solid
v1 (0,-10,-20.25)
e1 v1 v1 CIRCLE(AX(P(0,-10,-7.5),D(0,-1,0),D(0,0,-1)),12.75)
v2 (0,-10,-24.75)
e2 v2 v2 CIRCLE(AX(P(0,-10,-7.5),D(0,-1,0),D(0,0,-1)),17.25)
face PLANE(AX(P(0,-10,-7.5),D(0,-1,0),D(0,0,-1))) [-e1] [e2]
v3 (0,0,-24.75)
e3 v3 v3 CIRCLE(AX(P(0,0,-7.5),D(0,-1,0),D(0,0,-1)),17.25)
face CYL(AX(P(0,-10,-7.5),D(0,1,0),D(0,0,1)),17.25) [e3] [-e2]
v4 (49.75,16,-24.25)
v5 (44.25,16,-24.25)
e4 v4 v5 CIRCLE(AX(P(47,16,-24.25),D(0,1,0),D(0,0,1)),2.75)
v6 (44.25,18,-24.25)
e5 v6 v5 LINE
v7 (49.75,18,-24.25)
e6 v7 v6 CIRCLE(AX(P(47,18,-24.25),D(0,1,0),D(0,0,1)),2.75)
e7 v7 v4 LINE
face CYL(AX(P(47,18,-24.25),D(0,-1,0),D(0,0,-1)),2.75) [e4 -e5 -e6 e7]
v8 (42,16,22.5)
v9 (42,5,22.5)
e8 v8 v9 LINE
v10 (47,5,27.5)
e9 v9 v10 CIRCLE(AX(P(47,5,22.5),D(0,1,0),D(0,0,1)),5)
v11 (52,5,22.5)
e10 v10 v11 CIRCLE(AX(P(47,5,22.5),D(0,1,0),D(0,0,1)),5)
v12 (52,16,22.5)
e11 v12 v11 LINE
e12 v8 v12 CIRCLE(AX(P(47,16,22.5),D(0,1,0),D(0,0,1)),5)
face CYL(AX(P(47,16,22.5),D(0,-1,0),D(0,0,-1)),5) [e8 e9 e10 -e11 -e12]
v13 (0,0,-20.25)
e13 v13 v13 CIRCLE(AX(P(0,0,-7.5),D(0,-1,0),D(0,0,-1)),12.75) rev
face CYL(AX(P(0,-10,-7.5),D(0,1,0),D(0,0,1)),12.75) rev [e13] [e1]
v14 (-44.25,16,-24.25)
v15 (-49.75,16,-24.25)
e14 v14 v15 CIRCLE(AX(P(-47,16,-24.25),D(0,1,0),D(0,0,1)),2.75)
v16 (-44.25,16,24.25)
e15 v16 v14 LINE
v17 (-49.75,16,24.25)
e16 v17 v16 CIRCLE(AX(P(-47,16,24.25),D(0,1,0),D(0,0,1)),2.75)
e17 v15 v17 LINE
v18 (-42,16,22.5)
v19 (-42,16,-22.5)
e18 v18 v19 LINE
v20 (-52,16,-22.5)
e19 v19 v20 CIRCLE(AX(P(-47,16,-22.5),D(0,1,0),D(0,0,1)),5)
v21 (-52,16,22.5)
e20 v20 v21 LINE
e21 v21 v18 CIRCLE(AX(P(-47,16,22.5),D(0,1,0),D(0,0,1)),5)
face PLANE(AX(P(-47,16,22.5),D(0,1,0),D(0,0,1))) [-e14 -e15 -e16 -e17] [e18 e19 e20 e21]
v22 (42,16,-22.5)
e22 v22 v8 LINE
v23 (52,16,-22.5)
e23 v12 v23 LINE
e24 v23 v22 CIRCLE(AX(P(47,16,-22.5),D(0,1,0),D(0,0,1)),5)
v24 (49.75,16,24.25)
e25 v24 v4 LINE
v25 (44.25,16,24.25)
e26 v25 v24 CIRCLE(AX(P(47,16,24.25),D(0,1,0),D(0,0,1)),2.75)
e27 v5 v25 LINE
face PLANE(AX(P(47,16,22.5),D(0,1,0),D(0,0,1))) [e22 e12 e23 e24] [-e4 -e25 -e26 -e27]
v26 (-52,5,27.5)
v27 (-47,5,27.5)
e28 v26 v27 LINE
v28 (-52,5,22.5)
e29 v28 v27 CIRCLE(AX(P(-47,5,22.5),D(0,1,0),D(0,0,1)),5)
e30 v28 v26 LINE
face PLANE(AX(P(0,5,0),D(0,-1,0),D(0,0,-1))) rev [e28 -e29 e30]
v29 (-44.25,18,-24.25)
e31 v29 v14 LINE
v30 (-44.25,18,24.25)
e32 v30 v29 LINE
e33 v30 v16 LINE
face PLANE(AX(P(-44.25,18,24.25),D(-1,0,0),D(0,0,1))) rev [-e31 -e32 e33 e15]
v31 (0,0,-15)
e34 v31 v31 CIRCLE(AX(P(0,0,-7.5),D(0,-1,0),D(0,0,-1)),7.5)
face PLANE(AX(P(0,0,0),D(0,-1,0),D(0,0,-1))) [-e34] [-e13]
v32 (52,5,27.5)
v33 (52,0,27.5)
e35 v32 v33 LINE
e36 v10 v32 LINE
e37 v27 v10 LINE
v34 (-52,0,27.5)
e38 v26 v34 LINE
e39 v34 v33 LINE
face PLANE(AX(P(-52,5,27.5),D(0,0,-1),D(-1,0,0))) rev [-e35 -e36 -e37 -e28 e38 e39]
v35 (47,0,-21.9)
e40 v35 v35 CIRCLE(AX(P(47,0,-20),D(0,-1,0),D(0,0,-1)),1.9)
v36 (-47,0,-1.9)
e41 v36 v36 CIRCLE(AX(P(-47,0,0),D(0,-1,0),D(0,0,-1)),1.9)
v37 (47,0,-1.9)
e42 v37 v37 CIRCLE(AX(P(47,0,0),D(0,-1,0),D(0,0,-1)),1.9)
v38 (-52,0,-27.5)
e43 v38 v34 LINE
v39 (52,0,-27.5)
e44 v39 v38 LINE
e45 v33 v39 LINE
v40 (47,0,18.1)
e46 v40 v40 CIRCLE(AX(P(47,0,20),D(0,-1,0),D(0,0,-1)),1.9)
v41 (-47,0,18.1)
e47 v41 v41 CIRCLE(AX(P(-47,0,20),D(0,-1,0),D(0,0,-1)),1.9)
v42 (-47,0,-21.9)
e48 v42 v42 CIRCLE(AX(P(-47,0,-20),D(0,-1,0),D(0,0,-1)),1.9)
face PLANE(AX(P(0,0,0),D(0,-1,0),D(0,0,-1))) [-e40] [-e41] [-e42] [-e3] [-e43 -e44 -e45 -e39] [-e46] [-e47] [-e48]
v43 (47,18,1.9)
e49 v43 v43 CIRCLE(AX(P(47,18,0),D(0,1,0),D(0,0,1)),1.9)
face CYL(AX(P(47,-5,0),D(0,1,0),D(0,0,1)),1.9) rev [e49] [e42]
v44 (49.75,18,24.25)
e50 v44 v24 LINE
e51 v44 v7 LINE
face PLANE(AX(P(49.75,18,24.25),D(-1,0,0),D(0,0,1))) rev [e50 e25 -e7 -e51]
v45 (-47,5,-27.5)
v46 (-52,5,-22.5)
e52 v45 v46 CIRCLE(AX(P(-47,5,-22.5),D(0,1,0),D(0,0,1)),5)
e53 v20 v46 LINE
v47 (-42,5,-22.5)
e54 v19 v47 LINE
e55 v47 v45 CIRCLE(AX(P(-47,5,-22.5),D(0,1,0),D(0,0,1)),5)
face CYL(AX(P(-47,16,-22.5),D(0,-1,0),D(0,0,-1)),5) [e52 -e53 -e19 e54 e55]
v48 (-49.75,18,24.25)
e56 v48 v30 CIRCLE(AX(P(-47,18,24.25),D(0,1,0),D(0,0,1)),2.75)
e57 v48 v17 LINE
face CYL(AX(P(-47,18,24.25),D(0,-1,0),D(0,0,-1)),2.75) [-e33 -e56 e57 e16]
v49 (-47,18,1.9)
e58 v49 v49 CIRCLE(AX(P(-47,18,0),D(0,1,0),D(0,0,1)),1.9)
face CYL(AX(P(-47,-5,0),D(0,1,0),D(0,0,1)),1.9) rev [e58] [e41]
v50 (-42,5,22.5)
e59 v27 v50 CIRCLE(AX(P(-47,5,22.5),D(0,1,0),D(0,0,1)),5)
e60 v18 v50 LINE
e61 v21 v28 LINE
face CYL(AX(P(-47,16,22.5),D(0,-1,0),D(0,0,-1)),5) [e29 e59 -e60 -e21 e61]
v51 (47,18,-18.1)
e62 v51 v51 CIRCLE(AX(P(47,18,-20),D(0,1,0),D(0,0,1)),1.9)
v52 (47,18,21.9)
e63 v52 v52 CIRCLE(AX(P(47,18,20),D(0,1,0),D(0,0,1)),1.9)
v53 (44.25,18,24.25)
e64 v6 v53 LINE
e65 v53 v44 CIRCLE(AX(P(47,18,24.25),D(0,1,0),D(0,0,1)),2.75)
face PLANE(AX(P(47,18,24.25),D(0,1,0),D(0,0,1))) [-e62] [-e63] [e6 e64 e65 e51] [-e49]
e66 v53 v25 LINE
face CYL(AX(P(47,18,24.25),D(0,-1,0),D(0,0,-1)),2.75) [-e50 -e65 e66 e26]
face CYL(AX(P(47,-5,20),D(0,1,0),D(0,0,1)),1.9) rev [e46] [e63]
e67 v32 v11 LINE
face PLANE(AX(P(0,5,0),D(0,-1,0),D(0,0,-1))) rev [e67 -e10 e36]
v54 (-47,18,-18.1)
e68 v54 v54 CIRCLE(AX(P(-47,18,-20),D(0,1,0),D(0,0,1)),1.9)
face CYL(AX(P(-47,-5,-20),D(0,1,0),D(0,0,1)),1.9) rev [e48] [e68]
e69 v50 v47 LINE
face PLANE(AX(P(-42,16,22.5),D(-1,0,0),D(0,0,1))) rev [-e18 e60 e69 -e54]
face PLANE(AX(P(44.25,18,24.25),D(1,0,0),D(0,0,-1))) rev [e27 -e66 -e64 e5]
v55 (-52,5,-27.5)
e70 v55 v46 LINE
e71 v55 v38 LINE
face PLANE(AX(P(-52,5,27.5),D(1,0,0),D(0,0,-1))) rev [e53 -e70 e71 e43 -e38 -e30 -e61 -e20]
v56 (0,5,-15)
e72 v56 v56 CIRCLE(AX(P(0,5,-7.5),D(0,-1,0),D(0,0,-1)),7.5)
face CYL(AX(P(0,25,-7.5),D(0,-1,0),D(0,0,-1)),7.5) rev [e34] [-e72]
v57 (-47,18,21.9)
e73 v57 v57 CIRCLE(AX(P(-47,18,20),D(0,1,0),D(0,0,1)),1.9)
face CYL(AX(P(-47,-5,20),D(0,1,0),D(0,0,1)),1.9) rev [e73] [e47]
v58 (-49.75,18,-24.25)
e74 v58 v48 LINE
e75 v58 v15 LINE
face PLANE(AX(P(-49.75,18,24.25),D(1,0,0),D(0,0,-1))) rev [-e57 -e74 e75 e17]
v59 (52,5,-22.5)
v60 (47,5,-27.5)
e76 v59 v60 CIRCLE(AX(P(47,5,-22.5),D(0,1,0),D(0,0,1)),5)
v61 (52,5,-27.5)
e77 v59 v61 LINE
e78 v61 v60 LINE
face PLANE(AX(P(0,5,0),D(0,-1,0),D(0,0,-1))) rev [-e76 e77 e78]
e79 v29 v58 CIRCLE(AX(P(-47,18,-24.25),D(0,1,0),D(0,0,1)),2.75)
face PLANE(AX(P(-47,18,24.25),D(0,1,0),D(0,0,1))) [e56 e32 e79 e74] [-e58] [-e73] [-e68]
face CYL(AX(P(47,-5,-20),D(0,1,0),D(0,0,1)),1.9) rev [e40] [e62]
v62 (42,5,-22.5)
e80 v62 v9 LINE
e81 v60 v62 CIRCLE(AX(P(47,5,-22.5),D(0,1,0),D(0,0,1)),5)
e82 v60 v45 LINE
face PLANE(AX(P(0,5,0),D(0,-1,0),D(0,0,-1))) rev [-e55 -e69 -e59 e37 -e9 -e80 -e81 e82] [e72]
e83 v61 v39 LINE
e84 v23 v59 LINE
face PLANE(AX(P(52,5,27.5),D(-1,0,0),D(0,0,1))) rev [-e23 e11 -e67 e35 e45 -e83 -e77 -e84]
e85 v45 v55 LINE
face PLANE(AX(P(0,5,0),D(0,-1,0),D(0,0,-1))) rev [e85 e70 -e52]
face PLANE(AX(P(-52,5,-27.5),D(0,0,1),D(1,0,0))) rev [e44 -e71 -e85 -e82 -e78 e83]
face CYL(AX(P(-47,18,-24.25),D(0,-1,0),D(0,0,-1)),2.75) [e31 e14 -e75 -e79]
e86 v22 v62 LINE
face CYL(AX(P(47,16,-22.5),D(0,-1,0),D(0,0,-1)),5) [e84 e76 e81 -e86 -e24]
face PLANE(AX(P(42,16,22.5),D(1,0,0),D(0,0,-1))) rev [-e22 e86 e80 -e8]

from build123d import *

# Parameters (mm, degrees)
SKETCH1_W           = 104
SKETCH1_H           = 55
BOSS_EXTRUDE1_DEPTH = 5
BOSS_EXTRUDE2_DEPTH = 11
BOSS_EXTRUDE3_DEPTH = 2
SKETCH4_R           = 1.9
CUT_EXTRUDE1_DEPTH  = 23
SKETCH5_R           = 17.25
SKETCH5_R_2         = 12.75
BOSS_EXTRUDE4_DEPTH = 10
SKETCH7_R           = 7.5
CUT_EXTRUDE2_DEPTH  = 35


with BuildPart() as part:
    # Sketch1 → Boss-Extrude1 (new body)
    with BuildSketch(Plane(origin=(0, 0, 0), x_dir=(1, 0, 0), z_dir=(0, 1, 0))):
        Rectangle(SKETCH1_W, SKETCH1_H)
    extrude(amount=BOSS_EXTRUDE1_DEPTH)

    # Sketch2 → Boss-Extrude2 (add)
    with BuildSketch(Plane(origin=(0, 5, 0), x_dir=(1, 0, 0), z_dir=(0, 1, 0))):
        with BuildLine():
            Line((-52, -22.5), (-52, 22.5))
            ThreePointArc((-52, 22.5), (-47, 27.5), (-42, 22.5))
            Line((-42, 22.5), (-42, -22.5))
            ThreePointArc((-42, -22.5), (-47, -27.5), (-52, -22.5))
        make_face()
        with BuildLine():
            Line((42, -22.5), (42, 22.5))
            ThreePointArc((42, 22.5), (47, 27.5), (52, 22.5))
            Line((52, 22.5), (52, -22.5))
            ThreePointArc((52, -22.5), (47, -27.5), (42, -22.5))
        make_face()
    extrude(amount=BOSS_EXTRUDE2_DEPTH)

    # Sketch3 → Boss-Extrude3 (add)
    with BuildSketch(Plane(origin=(0, 16, 0), x_dir=(1, 0, 0), z_dir=(0, 1, 0))):
        with BuildLine():
            Line((-49.75, -24.25), (-49.75, 24.25))
            ThreePointArc((-49.75, 24.25), (-47, 27), (-44.25, 24.25))
            Line((-44.25, 24.25), (-44.25, -24.25))
            ThreePointArc((-44.25, -24.25), (-47, -27), (-49.75, -24.25))
        make_face()
        with BuildLine():
            Line((44.25, -24.25), (44.25, 24.25))
            ThreePointArc((44.25, 24.25), (47, 27), (49.75, 24.25))
            Line((49.75, 24.25), (49.75, -24.25))
            ThreePointArc((49.75, -24.25), (47, -27), (44.25, -24.25))
        make_face()
    extrude(amount=BOSS_EXTRUDE3_DEPTH)

    # Sketch4 → Cut-Extrude1 (cut)
    with BuildSketch(Plane(origin=(0, 18, 0), x_dir=(1, 0, 0), z_dir=(0, 1, 0))):
        with Locations(Location((-47, 0, 0), (0, 0, 270))):
            Circle(SKETCH4_R)
        with Locations(Location((-47, 20, 0), (0, 0, 270))):
            Circle(SKETCH4_R)
        with Locations(Location((-47, -20, 0), (0, 0, 270))):
            Circle(SKETCH4_R)
        with Locations(Location((47, 0, 0), (0, 0, 270))):
            Circle(SKETCH4_R)
        with Locations(Location((47, 20, 0), (0, 0, 270))):
            Circle(SKETCH4_R)
        with Locations(Location((47, -20, 0), (0, 0, 270))):
            Circle(SKETCH4_R)
    extrude(amount=-CUT_EXTRUDE1_DEPTH, mode=Mode.SUBTRACT)

    # Sketch5 → Boss-Extrude4 (add)
    with BuildSketch(Plane.XZ):
        with Locations(Location((0, -7.5, 0), (0, 0, 270))):
            Circle(SKETCH5_R)
        with Locations(Location((0, -7.5, 0), (0, 0, 270))):
            Circle(SKETCH5_R_2, mode=Mode.SUBTRACT)
    extrude(amount=BOSS_EXTRUDE4_DEPTH)

    # Sketch7 → Cut-Extrude2 (cut)
    with BuildSketch(Plane.XZ.offset(10)):
        with Locations(Location((0, -7.5, 0), (0, 0, 270))):
            Circle(SKETCH7_R)
    extrude(amount=-CUT_EXTRUDE2_DEPTH, mode=Mode.SUBTRACT)


solid = part.part
